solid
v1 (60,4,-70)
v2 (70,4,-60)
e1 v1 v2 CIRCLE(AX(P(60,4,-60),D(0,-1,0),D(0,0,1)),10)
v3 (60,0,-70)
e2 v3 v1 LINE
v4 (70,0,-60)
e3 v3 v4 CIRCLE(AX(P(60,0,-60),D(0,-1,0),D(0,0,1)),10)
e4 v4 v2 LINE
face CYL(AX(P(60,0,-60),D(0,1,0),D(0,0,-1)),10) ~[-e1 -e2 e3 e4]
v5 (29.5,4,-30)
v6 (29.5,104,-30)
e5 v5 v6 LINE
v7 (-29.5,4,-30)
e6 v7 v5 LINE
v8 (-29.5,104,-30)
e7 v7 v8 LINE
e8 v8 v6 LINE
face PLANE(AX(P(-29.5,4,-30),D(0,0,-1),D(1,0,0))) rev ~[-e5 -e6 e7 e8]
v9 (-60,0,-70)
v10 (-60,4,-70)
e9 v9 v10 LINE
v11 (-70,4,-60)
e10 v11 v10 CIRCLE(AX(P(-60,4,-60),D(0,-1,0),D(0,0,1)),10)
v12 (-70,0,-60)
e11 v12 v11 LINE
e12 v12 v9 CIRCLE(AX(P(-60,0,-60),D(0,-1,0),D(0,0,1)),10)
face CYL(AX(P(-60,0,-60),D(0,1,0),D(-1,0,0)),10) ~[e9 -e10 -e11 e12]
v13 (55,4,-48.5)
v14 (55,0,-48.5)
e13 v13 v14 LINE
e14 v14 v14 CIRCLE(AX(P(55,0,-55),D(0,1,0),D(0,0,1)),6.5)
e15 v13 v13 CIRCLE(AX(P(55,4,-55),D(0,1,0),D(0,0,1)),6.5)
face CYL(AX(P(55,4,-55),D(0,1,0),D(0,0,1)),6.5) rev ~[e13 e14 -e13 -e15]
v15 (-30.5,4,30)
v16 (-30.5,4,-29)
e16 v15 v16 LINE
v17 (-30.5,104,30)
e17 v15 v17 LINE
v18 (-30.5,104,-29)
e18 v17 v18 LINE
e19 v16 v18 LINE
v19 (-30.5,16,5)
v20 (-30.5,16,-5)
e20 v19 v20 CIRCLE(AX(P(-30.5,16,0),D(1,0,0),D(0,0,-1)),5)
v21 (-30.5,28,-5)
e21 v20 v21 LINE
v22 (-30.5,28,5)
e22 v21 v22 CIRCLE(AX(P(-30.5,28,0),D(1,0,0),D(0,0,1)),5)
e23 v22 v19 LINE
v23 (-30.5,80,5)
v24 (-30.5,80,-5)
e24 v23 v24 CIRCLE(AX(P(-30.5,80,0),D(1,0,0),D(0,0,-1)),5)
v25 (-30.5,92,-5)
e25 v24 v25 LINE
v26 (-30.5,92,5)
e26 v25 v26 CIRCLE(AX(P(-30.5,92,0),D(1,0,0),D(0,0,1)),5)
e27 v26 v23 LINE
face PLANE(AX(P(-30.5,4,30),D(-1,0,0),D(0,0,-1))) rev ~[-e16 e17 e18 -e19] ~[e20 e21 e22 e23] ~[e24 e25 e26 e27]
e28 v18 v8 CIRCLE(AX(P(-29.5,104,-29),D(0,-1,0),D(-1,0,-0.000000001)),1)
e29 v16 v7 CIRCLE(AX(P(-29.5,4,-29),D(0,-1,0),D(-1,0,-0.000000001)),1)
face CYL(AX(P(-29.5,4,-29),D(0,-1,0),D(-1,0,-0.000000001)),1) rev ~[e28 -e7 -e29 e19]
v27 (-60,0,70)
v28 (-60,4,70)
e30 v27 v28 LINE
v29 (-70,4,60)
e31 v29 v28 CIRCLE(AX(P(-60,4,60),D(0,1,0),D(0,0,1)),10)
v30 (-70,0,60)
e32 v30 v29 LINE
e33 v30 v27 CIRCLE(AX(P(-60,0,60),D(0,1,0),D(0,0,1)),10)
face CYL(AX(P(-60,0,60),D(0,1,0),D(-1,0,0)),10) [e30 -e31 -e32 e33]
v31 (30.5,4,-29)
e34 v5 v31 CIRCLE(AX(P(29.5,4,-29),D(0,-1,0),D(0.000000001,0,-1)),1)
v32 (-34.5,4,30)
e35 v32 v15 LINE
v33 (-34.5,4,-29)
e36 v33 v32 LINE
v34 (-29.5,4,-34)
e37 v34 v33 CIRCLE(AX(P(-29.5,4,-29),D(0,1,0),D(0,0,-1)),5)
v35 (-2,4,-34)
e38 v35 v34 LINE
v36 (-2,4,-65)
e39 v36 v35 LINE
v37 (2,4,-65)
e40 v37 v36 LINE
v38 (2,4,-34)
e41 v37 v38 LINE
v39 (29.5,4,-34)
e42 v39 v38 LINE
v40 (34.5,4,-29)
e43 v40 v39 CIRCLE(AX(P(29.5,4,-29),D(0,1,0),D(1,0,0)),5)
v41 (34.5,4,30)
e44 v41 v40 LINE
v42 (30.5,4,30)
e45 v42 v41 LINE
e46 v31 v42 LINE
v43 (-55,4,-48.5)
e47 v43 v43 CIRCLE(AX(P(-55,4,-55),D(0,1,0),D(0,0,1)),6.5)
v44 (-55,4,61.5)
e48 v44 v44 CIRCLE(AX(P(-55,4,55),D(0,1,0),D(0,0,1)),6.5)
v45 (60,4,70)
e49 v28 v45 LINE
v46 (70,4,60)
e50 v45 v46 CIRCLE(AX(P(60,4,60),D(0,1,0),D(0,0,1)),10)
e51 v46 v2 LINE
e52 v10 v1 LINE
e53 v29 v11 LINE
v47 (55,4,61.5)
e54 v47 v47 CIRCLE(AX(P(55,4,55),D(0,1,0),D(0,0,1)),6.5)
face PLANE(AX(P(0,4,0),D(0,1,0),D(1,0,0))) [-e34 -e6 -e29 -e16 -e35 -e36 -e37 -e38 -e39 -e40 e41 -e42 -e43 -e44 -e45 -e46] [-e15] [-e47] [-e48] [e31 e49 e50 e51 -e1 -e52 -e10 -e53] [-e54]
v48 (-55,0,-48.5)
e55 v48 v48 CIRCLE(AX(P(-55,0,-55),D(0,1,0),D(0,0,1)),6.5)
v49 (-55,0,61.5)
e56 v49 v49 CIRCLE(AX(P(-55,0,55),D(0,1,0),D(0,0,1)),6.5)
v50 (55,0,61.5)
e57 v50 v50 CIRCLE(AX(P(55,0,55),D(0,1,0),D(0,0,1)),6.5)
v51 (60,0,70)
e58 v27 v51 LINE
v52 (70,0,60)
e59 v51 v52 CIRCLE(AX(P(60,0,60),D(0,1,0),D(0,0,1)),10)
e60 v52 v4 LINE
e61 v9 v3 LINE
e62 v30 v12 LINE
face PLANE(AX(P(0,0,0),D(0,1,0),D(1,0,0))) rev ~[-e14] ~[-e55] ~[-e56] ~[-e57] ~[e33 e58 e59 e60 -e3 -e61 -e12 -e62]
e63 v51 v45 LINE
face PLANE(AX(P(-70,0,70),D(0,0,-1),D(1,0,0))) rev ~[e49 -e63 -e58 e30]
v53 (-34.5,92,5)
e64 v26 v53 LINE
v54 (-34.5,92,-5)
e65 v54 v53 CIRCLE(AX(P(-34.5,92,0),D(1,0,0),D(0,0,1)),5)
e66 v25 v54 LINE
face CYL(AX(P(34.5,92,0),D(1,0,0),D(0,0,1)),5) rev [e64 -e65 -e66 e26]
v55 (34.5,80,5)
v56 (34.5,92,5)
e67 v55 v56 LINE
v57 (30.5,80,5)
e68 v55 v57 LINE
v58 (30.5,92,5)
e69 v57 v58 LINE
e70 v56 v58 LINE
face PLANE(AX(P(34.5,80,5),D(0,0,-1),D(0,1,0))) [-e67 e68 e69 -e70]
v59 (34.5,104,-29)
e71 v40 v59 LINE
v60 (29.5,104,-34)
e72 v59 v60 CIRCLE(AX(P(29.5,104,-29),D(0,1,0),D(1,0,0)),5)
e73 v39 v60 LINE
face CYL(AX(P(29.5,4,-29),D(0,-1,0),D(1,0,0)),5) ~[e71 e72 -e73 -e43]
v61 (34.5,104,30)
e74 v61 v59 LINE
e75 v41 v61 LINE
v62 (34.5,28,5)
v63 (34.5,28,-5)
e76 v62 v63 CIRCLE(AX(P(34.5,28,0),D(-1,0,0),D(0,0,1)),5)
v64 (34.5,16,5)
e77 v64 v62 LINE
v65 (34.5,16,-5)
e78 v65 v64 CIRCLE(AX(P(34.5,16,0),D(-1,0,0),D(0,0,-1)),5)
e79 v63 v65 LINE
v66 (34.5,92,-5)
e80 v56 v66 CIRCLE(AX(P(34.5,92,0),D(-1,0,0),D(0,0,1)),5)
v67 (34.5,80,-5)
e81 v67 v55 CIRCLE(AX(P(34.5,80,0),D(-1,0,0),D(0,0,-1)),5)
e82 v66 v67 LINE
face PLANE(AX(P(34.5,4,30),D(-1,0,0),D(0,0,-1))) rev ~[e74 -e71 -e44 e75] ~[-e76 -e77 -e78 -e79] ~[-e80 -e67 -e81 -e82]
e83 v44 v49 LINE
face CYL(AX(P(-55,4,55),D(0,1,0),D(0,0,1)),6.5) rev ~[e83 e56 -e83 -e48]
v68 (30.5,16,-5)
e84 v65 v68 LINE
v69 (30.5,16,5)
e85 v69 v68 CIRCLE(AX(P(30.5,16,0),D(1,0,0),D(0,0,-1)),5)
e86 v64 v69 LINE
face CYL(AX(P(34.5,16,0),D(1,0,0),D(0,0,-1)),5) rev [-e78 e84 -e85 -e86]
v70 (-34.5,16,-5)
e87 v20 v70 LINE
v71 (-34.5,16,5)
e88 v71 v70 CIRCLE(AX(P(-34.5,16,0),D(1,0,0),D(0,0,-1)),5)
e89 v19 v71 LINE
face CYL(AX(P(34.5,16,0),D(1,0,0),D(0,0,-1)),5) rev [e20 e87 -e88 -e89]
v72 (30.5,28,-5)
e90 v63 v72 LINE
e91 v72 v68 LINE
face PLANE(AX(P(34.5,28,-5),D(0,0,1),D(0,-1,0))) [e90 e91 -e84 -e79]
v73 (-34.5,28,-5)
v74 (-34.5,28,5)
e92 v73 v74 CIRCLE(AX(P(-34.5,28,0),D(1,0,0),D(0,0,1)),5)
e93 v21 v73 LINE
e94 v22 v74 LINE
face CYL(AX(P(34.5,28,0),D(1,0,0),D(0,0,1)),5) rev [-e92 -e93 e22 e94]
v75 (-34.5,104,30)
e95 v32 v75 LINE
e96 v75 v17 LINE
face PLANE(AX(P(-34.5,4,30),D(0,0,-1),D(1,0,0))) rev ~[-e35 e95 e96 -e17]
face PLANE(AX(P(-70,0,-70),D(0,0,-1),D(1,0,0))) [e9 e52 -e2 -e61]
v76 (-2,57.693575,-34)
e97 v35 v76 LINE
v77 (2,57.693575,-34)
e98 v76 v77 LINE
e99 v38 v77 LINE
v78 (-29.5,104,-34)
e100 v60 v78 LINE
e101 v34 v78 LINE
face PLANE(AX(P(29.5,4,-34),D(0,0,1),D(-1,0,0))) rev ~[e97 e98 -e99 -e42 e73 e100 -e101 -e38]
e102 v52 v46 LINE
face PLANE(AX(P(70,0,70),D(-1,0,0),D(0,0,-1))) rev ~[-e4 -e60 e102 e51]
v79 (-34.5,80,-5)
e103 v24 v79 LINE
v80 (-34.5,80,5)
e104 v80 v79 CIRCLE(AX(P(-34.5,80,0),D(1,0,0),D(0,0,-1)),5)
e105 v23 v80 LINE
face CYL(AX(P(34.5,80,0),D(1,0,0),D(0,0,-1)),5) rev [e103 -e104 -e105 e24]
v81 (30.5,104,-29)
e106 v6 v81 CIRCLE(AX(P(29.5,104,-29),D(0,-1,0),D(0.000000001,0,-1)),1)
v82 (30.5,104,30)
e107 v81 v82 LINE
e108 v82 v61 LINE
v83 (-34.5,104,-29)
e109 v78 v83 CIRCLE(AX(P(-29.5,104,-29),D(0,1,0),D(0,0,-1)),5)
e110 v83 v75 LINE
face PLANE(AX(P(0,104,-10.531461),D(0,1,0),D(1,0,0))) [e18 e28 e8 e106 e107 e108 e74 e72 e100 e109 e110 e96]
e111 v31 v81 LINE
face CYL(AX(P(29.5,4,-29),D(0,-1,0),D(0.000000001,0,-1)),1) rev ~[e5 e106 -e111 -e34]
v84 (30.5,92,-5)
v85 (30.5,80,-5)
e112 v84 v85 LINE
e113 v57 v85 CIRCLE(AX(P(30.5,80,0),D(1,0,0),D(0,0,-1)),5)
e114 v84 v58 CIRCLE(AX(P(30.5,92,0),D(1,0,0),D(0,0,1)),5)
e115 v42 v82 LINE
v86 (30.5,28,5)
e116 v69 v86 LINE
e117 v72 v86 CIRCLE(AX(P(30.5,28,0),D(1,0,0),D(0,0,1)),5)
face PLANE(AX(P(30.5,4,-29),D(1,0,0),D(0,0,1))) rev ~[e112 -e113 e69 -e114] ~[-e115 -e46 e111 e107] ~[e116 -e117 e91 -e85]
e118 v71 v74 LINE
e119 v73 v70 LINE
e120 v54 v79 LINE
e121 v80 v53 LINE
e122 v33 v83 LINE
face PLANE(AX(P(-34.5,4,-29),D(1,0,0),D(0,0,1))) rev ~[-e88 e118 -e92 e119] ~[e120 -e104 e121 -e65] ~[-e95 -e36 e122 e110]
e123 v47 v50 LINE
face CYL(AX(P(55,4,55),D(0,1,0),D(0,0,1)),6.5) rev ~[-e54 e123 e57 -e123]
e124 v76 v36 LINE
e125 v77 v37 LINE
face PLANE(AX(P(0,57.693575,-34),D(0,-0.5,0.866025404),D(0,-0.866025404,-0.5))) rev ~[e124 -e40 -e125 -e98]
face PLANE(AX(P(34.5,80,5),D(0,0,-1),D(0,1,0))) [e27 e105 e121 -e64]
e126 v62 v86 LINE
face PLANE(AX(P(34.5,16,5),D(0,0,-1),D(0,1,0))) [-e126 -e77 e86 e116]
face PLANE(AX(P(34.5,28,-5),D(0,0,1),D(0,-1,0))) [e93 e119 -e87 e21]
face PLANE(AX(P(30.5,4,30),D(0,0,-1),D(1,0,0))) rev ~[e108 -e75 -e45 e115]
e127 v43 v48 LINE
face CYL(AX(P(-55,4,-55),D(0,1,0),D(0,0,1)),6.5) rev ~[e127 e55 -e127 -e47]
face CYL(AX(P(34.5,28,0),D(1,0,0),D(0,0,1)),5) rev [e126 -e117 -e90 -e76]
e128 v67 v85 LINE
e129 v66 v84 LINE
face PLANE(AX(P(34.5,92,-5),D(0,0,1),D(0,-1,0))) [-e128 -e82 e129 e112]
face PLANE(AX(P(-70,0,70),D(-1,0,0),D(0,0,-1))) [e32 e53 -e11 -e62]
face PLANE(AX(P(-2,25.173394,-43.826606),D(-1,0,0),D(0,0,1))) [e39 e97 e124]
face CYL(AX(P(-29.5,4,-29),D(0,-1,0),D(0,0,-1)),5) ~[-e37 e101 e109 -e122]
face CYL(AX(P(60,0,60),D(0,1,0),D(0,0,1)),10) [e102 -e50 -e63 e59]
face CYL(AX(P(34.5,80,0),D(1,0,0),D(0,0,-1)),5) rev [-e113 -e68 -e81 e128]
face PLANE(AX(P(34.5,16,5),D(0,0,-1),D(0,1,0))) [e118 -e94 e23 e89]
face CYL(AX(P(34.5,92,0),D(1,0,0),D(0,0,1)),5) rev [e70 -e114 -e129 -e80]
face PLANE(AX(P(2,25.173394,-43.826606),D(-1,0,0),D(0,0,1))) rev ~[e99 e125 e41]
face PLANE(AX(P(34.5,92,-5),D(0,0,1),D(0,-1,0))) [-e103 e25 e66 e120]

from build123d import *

# Parameters (mm, degrees)
SKETCH_2_W          = 140
SKETCH_2_H          = 140
EXTRUDE_1_DEPTH     = 4
EXTRUDE_1_2_DEPTH   = 100
EXTRUDE_2_DEPTH     = 2
CUT_EXTRUDE_1_DEPTH = 105.5
SKETCH_6_R          = 6.5
CUT_EXTRUDE_2_DEPTH = 5
FILLET_1_R          = 10


with BuildPart() as part:
    # Эскиз2 → Extrude 1 (new body)
    with BuildSketch(Plane(origin=(0, 0, 0), x_dir=(1, 0, 0), z_dir=(0, 1, 0))):
        Rectangle(SKETCH_2_W, SKETCH_2_H)
    extrude(amount=EXTRUDE_1_DEPTH)

    # Эскиз3 → Extrude 1 2 (add)
    with BuildSketch(Plane(origin=(0, 4, 0), x_dir=(1, 0, 0), z_dir=(0, 1, 0))):
        with BuildLine():
            Line((-30.5, -30), (-30.5, 29))
            ThreePointArc((-30.5, 29), (-30.207106781, 29.707106781), (-29.5, 30))
            Line((-29.5, 30), (29.5, 30))
            ThreePointArc((29.5, 30), (30.207106781, 29.707106781), (30.5, 29))
            Line((30.5, 29), (30.5, -30))
            Line((30.5, -30), (34.5, -30))
            Line((34.5, -30), (34.5, 29))
            ThreePointArc((34.5, 29), (33.035533906, 32.535533906), (29.5, 34))
            Line((29.5, 34), (-29.5, 34))
            ThreePointArc((-29.5, 34), (-33.035533906, 32.535533906), (-34.5, 29))
            Line((-34.5, 29), (-34.5, -30))
            Line((-34.5, -30), (-30.5, -30))
        make_face()
    extrude(amount=EXTRUDE_1_2_DEPTH)

    # Эскиз4 → Бобышка-Вытянуть2 (add, symmetric)
    with BuildSketch(Plane(origin=(0, 0, 0), x_dir=(0, 0, -1), z_dir=(1, 0, 0))):
        Polygon((34, 57.693575035), (65, 4), (34, 4), align=None)
    extrude(amount=EXTRUDE_2_DEPTH, both=True)

    # Эскиз5 → Вырез-Вытянуть1 (cut, through all)
    with BuildSketch(Plane(origin=(34.5, 0, 0), x_dir=(0, 0, -1), z_dir=(1, 0, 0))):
        with BuildLine():
            Line((5, 92), (5, 80))
            ThreePointArc((5, 80), (0, 75), (-5, 80))
            Line((-5, 80), (-5, 92))
            ThreePointArc((-5, 92), (0, 97), (5, 92))
        make_face()
        with BuildLine():
            Line((5, 28), (5, 16))
            ThreePointArc((5, 16), (0, 11), (-5, 16))
            Line((-5, 16), (-5, 28))
            ThreePointArc((-5, 28), (0, 33), (5, 28))
        make_face()
    extrude(amount=-CUT_EXTRUDE_1_DEPTH, mode=Mode.SUBTRACT)

    # Эскиз6 → Вырез-Вытянуть2 (cut, through all)
    with BuildSketch(Plane(origin=(0, 4, 0), x_dir=(1, 0, 0), z_dir=(0, 1, 0))):
        with Locations(Location((-55, 55, 0), (0, 0, 270))):  # turned: the seam where the file's is
            Circle(SKETCH_6_R)
        with Locations(Location((-55, -55, 0), (0, 0, 270))):  # turned: the seam where the file's is
            Circle(SKETCH_6_R)
        with Locations(Location((55, 55, 0), (0, 0, 270))):  # turned: the seam where the file's is
            Circle(SKETCH_6_R)
        with Locations(Location((55, -55, 0), (0, 0, 270))):  # turned: the seam where the file's is
            Circle(SKETCH_6_R)
    extrude(amount=-CUT_EXTRUDE_2_DEPTH, mode=Mode.SUBTRACT)

    # Скругление1
    fillet_1_edges = [part.edges().sort_by_distance(p)[0] for p in [
        (70, 2, 70),
        (-70, 2, 70),
        (-70, 2, -70),
        (70, 2, -70),
    ]]
    fillet(fillet_1_edges, radius=FILLET_1_R)


solid = part.part
